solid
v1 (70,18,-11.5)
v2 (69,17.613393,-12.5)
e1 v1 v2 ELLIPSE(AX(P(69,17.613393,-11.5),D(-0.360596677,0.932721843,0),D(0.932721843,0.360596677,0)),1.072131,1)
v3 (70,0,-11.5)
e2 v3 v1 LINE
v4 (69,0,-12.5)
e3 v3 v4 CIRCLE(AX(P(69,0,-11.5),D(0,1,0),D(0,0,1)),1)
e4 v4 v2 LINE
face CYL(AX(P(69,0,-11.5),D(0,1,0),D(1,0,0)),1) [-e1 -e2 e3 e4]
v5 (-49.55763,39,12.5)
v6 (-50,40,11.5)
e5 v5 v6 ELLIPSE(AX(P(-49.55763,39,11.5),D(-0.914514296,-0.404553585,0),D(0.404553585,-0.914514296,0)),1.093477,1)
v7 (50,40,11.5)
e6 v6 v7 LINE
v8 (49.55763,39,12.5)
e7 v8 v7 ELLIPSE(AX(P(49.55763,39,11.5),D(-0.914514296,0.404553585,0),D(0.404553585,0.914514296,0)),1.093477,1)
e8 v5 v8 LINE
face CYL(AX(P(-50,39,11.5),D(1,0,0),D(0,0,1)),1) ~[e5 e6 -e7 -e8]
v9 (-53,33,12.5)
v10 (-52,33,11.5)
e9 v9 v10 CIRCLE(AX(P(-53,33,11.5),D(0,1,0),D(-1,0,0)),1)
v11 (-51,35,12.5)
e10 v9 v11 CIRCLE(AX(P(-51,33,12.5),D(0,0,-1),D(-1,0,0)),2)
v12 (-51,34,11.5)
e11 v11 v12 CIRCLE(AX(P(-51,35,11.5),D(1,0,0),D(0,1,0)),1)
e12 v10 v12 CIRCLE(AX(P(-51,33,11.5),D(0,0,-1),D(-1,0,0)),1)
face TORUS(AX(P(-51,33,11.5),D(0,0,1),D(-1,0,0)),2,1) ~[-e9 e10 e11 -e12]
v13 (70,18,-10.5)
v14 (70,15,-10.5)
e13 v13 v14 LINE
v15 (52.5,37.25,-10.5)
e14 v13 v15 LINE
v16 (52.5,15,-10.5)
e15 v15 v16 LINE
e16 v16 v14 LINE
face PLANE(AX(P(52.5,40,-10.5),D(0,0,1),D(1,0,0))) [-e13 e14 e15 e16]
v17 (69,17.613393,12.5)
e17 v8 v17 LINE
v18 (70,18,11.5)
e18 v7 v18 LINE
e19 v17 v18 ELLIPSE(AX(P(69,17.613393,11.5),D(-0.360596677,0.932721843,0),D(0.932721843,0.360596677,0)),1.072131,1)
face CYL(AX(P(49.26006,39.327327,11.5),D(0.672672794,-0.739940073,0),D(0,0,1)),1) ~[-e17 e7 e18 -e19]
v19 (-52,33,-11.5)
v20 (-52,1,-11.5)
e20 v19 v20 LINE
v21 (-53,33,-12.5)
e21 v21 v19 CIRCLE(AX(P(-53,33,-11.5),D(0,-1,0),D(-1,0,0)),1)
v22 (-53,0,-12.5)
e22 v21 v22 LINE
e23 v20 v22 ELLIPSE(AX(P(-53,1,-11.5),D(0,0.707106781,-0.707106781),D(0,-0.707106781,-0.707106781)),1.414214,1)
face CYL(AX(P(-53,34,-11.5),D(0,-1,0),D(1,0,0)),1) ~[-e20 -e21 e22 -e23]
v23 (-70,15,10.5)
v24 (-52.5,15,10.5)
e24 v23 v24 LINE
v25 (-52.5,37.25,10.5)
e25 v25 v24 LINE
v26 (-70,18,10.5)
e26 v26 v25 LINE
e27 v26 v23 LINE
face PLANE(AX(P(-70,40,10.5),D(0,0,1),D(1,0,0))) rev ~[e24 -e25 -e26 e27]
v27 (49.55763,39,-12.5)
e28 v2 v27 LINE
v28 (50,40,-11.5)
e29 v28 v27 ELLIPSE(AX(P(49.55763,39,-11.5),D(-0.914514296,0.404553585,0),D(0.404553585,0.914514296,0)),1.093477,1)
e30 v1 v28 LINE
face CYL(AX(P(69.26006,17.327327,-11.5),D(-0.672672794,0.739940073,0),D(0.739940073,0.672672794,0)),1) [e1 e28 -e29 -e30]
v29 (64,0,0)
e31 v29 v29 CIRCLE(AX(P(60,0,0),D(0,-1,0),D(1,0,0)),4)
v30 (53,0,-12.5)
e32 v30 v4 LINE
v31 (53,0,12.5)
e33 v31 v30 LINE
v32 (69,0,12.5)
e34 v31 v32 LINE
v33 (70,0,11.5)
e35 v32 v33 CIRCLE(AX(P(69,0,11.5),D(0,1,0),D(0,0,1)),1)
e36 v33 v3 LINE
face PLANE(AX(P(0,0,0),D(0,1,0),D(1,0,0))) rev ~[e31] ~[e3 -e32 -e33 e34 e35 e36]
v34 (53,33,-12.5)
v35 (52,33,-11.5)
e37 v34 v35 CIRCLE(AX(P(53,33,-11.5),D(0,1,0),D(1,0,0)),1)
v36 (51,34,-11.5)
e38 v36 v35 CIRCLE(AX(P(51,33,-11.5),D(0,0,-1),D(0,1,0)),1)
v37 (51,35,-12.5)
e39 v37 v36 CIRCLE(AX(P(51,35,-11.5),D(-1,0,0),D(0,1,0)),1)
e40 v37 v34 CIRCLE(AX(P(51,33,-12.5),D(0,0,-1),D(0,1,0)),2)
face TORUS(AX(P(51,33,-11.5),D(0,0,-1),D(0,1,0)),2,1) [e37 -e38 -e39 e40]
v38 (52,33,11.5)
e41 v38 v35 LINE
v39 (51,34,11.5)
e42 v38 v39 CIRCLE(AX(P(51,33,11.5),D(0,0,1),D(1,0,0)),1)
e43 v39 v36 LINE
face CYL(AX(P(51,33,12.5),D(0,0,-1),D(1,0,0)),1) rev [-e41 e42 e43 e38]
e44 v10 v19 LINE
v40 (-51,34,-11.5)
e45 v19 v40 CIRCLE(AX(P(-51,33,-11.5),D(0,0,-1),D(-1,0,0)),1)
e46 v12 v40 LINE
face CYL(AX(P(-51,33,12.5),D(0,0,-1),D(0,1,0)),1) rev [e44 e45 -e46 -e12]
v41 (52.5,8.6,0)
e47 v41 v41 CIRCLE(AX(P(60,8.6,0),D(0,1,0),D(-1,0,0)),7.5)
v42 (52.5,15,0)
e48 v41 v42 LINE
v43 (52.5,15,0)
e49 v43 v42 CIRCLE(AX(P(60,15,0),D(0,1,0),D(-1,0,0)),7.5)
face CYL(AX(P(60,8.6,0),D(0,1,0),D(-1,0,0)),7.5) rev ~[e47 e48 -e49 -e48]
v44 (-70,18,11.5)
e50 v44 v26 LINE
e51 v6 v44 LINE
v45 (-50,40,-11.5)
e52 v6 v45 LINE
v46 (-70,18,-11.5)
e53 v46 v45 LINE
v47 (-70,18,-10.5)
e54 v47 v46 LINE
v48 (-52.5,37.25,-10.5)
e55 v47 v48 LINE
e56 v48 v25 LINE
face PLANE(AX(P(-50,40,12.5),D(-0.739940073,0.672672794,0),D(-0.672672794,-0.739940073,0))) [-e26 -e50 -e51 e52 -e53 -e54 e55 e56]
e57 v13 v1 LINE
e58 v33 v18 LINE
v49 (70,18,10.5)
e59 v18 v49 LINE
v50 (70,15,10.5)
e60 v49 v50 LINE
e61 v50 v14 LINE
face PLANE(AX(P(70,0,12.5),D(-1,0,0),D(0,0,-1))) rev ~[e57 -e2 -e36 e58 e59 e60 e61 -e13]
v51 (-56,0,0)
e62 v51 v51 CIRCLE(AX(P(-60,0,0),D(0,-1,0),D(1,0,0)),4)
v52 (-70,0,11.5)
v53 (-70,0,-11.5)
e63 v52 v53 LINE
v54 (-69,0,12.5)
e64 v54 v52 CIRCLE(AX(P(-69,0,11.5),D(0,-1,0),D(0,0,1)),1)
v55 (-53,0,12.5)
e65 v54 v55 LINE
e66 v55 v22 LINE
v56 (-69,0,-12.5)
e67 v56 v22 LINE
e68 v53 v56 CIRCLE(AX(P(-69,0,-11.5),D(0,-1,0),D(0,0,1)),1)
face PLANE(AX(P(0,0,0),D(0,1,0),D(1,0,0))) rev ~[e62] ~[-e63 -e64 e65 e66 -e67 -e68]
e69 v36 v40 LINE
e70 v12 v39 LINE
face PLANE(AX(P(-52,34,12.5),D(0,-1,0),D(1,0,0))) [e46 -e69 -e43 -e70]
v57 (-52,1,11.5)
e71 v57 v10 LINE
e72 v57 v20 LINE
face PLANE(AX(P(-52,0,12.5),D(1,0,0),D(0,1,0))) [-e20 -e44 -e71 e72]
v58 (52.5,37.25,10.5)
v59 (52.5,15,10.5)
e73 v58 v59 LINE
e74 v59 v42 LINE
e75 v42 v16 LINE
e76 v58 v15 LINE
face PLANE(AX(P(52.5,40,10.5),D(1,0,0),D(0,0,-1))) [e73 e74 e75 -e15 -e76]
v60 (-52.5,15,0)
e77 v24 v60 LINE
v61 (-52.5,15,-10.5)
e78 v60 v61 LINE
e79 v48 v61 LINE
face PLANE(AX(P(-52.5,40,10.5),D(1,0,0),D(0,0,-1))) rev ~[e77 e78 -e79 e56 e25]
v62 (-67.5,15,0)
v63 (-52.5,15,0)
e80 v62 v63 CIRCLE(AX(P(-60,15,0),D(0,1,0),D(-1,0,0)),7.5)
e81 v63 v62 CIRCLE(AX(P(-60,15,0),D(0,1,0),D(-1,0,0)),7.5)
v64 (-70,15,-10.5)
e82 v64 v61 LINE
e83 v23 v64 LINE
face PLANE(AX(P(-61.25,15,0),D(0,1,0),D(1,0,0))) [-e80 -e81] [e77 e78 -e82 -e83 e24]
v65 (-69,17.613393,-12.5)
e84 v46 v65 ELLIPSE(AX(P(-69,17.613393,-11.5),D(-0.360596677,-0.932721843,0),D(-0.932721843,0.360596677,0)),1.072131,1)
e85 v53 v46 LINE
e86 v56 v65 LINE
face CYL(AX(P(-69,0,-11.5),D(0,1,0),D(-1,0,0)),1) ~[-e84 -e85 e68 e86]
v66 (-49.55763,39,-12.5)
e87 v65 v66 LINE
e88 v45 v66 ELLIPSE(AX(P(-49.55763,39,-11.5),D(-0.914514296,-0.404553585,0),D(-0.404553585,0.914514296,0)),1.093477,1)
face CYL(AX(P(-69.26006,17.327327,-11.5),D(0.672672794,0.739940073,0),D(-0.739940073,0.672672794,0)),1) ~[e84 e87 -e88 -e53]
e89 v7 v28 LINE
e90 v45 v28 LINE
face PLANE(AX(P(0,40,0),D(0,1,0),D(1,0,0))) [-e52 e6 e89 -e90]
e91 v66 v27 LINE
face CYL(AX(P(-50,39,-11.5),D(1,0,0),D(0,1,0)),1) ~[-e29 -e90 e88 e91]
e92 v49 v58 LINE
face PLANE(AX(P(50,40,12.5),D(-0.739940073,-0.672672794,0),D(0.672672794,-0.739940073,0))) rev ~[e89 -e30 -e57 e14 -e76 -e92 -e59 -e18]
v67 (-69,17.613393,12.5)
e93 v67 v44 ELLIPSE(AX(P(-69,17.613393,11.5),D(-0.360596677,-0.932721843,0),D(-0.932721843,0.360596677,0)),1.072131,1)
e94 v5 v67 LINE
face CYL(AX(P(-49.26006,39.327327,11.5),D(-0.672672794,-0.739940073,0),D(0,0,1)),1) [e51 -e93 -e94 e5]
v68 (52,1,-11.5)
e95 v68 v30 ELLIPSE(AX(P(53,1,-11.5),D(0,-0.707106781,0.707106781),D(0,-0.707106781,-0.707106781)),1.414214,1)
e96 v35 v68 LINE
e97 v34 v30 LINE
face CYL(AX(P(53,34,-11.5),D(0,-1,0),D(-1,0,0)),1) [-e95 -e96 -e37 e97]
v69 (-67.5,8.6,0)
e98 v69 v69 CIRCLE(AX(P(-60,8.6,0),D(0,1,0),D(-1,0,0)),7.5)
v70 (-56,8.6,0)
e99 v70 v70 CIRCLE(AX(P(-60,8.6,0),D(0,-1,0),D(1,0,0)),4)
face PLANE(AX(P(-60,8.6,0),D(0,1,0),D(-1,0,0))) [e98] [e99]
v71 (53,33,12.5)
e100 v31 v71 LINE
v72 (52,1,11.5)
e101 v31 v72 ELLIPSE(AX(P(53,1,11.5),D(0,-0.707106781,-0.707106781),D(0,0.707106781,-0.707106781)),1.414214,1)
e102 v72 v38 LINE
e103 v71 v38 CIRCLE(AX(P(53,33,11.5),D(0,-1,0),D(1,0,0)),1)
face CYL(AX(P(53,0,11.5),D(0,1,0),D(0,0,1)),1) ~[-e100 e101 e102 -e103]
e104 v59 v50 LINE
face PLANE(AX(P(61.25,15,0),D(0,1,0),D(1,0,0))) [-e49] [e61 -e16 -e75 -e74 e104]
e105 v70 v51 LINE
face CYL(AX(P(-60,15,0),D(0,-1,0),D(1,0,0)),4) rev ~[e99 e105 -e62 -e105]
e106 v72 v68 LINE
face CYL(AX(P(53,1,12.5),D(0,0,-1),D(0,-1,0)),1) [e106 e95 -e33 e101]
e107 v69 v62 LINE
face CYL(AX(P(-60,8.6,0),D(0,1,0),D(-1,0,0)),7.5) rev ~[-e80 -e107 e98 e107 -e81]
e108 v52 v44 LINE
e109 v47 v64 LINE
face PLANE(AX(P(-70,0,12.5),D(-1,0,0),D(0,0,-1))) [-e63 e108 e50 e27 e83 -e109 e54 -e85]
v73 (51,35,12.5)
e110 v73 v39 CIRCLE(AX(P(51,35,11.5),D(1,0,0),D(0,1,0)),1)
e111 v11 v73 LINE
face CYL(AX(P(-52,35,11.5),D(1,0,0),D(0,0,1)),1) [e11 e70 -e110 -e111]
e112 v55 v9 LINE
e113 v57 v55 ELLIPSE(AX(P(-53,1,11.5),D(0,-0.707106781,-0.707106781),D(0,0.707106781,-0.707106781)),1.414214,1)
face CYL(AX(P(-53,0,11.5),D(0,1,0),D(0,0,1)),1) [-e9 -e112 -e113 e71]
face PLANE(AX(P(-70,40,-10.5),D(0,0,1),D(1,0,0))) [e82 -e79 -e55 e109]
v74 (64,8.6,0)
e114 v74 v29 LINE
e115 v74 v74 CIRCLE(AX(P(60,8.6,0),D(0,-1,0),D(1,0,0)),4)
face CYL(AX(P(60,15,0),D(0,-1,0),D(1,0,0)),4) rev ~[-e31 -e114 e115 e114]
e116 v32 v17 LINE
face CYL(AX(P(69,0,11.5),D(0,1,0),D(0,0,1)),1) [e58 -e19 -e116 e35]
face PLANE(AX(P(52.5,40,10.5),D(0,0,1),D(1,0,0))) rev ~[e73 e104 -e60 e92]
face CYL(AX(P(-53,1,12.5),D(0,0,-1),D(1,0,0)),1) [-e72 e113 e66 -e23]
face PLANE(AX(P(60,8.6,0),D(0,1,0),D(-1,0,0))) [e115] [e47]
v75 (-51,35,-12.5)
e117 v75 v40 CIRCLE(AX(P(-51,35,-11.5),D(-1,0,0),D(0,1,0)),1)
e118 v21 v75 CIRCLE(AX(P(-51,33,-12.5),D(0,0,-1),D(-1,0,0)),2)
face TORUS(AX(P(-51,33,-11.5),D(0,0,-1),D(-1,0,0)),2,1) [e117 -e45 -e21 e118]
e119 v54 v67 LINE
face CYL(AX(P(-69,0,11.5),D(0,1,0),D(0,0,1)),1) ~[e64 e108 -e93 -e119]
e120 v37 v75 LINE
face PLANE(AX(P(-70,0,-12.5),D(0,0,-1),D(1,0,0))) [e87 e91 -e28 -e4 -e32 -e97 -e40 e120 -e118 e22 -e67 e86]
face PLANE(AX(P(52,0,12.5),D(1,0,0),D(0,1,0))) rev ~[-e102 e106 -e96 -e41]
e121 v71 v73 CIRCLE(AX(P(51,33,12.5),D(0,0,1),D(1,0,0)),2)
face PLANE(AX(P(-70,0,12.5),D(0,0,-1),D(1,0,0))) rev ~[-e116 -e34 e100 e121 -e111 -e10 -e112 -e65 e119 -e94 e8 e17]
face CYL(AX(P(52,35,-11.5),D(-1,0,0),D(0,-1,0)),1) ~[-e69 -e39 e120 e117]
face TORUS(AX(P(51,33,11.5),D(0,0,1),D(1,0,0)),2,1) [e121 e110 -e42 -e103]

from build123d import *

# Parameters (mm, degrees)
SKETCH_1_W                   = 140
SKETCH_1_H                   = 25
EXTRUDE_1_DEPTH              = 40
SKETCH_2_W                   = 104
SKETCH_2_H                   = 34
CUT_EXTRUDE_1_DEPTH          = 85.409715081
SKETCH_3_W                   = 17.5
SKETCH_3_H                   = 21
CUT_EXTRUDE_2_DEPTH          = 25
HOLE_WIZARD_M6_1_D           = 8
HOLE_WIZARD_M6_1_CBORE_D     = 15
HOLE_WIZARD_M6_1_CBORE_DEPTH = 6.4
FILLET_1_R                   = 1
FILLET_2_R                   = 1


with BuildPart() as part:
    # 草图1 → 凸台-拉伸1 (new body)
    with BuildSketch(Plane(origin=(0, 0, 0), x_dir=(1, 0, 0), z_dir=(0, 1, 0))):
        Rectangle(SKETCH_1_W, SKETCH_1_H)
    extrude(amount=EXTRUDE_1_DEPTH)

    # 草图2 → 切除-拉伸1 (cut, through all)
    with BuildSketch(Plane.XY.offset(12.5)):
        with Locations((0, 17)):
            Rectangle(SKETCH_2_W, SKETCH_2_H)
        Polygon((-70, 40), (-50, 40), (-70, 18), align=None)
        Polygon((70, 40), (50, 40), (70, 18), align=None)
    extrude(amount=-CUT_EXTRUDE_1_DEPTH, mode=Mode.SUBTRACT)

    # 草图3 → 切除-拉伸2 (cut)
    with BuildSketch(Plane(origin=(0, 40, 0), x_dir=(1, 0, 0), z_dir=(0, 1, 0))):
        with Locations((-61.25, 0)):
            Rectangle(SKETCH_3_W, SKETCH_3_H)
        with Locations((61.25, 0)):
            Rectangle(SKETCH_3_W, SKETCH_3_H)
    extrude(amount=-CUT_EXTRUDE_2_DEPTH, mode=Mode.SUBTRACT)

    # M6 六角凹头螺钉的柱形沉头孔1 (through all)
    with Locations(Plane(origin=(0, 15, 0), x_dir=(-1, 0, 0), z_dir=(0, 1, 0))):
        with Locations((60, 0), (-60, 0)):
            CounterBoreHole(HOLE_WIZARD_M6_1_D / 2, HOLE_WIZARD_M6_1_CBORE_D / 2, HOLE_WIZARD_M6_1_CBORE_DEPTH)

    # 圆角1
    fillet_1_edges = [part.edges().sort_by_distance(p)[0] for p in [
        (-52, 17, -12.5),
        (-52, 0, 0),
        (0, 34, -12.5),
        (-52, 34, 0),
        (52, 17, -12.5),
        (52, 34, 0),
        (52, 0, 0),
        (-52, 17, 12.5),
        (52, 17, 12.5),
        (0, 34, 12.5),
    ]]
    fillet(fillet_1_edges, radius=FILLET_1_R)

    # 圆角2
    fillet_2_edges = [part.edges().sort_by_distance(p)[0] for p in [
        (0, 40, 12.5),
        (-70, 9, -12.5),
        (-70, 9, 12.5),
        (-60, 29, -12.5),
        (-60, 29, 12.5),
        (0, 40, -12.5),
        (70, 9, -12.5),
        (70, 9, 12.5),
        (60, 29, -12.5),
        (60, 29, 12.5),
    ]]
    fillet(fillet_2_edges, radius=FILLET_2_R)


solid = part.part
